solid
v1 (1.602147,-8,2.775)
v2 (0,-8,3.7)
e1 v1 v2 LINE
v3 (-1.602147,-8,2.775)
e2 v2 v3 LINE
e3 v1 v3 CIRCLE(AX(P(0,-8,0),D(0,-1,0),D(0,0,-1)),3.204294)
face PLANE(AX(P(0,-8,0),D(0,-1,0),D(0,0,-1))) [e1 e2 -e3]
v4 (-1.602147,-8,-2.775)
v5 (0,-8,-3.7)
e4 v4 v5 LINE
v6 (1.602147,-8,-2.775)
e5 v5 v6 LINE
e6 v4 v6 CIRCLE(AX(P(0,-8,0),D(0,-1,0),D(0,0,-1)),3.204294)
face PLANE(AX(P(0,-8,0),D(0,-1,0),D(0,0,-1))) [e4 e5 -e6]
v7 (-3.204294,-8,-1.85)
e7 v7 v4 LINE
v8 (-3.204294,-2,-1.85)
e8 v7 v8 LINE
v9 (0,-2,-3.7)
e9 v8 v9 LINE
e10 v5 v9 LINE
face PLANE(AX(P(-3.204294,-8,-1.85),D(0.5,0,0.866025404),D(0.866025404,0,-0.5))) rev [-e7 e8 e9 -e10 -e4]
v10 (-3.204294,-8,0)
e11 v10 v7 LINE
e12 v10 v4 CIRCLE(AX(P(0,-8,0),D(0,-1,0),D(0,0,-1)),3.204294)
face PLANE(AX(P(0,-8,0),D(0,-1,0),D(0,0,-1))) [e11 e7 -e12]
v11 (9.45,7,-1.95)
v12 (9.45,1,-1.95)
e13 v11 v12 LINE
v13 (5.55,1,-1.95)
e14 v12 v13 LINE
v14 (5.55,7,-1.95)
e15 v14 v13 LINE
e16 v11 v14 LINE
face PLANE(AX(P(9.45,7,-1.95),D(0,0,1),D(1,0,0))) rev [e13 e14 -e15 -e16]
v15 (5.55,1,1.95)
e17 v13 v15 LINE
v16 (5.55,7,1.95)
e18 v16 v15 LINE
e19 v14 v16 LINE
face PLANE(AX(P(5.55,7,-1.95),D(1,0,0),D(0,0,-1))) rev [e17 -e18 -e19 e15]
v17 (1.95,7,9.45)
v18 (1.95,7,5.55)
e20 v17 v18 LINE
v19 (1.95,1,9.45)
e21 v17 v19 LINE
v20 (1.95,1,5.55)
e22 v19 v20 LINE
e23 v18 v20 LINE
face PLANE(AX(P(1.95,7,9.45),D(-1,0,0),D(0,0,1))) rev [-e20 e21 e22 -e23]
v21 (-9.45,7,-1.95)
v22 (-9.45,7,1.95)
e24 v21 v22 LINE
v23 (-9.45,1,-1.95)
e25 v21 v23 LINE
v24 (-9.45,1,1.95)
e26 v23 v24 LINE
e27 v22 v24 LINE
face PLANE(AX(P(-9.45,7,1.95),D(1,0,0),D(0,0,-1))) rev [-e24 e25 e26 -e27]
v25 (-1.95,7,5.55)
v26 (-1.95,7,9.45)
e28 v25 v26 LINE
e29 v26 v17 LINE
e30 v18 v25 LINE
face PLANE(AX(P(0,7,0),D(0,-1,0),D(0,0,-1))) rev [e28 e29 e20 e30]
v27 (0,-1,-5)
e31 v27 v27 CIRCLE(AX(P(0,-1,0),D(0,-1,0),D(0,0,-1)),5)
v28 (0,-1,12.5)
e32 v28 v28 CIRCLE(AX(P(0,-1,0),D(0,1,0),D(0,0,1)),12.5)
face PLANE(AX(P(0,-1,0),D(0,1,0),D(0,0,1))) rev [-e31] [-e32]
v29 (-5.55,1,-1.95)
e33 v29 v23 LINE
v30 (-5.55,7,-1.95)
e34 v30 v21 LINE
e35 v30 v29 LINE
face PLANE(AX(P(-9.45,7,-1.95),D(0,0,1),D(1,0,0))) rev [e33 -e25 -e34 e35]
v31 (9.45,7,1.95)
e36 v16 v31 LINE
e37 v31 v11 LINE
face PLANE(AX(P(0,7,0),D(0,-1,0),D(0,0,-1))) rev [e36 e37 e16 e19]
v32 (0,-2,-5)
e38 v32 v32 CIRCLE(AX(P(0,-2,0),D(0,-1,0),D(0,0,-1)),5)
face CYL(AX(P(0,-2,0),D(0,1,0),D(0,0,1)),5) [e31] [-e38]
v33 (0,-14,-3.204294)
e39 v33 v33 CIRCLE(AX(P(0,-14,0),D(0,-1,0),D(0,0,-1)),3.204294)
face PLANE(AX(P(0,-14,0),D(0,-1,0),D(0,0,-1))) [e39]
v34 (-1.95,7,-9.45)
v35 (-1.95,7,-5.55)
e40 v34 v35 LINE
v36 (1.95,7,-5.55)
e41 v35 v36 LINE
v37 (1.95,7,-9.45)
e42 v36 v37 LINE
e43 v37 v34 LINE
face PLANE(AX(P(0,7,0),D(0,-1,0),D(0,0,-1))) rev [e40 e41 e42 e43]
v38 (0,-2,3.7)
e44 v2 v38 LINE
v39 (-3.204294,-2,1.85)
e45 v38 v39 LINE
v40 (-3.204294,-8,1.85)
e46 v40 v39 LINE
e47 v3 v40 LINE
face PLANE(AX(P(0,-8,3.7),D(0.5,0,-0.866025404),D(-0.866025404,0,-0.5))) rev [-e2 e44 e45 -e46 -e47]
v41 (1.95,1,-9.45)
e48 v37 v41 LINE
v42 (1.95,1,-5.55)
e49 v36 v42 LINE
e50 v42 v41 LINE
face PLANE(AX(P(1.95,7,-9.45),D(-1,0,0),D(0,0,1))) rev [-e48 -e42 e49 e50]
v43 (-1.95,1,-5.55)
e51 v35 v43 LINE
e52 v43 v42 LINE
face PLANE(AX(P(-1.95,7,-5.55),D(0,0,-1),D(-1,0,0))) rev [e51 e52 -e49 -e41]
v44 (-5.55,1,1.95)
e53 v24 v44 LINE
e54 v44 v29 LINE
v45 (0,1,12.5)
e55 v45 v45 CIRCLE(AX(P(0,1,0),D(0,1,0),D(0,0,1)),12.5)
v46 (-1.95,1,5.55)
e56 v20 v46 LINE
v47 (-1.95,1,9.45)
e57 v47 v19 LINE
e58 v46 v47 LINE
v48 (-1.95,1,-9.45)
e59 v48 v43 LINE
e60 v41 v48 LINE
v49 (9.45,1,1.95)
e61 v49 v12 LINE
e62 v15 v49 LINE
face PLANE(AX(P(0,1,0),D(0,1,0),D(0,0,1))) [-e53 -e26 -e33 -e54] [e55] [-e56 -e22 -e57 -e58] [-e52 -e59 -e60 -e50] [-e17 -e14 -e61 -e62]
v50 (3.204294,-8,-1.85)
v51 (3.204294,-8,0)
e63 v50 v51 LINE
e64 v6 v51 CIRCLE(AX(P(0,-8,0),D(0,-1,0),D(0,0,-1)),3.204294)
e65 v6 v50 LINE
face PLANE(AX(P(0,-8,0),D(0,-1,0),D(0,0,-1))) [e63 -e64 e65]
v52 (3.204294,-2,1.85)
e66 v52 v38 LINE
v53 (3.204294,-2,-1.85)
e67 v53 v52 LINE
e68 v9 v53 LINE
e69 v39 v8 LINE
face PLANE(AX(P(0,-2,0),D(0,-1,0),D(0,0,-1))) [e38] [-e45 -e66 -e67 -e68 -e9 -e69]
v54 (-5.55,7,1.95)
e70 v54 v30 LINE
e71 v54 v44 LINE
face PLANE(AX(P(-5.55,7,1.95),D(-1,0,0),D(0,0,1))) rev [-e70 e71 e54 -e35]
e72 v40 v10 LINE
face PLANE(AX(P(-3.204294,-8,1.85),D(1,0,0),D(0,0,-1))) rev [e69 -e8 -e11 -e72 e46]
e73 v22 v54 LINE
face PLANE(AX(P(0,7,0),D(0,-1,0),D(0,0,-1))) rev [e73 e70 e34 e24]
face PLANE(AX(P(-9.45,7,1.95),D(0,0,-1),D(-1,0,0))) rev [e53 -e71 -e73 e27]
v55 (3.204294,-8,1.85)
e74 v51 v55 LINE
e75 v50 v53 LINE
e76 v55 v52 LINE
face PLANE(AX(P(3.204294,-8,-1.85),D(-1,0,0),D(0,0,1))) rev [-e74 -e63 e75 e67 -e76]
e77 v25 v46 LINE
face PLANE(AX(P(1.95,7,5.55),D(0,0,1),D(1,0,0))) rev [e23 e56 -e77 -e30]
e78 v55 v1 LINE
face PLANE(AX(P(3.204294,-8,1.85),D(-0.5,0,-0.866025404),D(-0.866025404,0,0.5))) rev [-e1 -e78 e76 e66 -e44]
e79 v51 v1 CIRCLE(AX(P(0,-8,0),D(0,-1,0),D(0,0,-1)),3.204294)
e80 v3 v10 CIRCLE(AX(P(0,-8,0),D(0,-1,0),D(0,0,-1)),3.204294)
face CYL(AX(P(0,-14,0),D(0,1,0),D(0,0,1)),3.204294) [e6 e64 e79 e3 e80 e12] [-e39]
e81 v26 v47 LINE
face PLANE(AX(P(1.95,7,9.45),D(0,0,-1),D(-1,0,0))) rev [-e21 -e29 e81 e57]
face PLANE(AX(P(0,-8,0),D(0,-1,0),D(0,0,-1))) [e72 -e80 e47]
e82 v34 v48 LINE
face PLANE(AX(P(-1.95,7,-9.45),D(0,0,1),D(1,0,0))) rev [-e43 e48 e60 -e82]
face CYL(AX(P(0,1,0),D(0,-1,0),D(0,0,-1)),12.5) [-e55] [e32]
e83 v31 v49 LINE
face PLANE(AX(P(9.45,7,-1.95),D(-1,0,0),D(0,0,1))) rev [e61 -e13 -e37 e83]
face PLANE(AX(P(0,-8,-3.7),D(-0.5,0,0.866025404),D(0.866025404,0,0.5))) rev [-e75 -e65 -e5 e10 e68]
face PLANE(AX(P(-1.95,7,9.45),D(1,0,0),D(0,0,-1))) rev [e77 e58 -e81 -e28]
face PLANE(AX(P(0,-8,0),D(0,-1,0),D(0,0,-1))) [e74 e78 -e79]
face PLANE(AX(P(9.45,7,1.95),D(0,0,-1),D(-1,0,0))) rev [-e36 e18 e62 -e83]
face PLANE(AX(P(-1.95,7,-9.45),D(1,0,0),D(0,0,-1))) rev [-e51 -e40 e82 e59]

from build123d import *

# Parameters (mm, degrees)
SKETCH1_R           = 12.5
BOSS_EXTRUDE1_DEPTH = 1
SKETCH2_W           = 3.9
SKETCH2_H           = 3.9
BOSS_EXTRUDE3_DEPTH = 6
SKETCH3_R           = 5
BOSS_EXTRUDE4_DEPTH = 1
BOSS_EXTRUDE5_DEPTH = 6
SKETCH5_R           = 3.204293994
BOSS_EXTRUDE6_DEPTH = 6


with BuildPart() as part:
    # Sketch1 → Boss-Extrude1 (new body, symmetric)
    with BuildSketch(Plane(origin=(0, 0, 0), x_dir=(1, 0, 0), z_dir=(0, 1, 0))):
        Circle(SKETCH1_R)
    extrude(amount=BOSS_EXTRUDE1_DEPTH, both=True)

    # Sketch2 → Boss-Extrude3 (add)
    with BuildSketch(Plane(origin=(0, 1, 0), x_dir=(1, 0, 0), z_dir=(0, 1, 0))):
        with Locations((0, 7.5)):
            Rectangle(SKETCH2_W, SKETCH2_H)
        with Locations((7.5, 0)):
            Rectangle(SKETCH2_W, SKETCH2_H)
        with Locations((0, -7.5)):
            Rectangle(SKETCH2_W, SKETCH2_H)
        with Locations((-7.5, 0)):
            Rectangle(SKETCH2_W, SKETCH2_H)
    extrude(amount=BOSS_EXTRUDE3_DEPTH)

    # Sketch3 → Boss-Extrude4 (add)
    with BuildSketch(Plane.XZ.offset(1)):
        Circle(SKETCH3_R)
    extrude(amount=BOSS_EXTRUDE4_DEPTH)

    # Sketch4 → Boss-Extrude5 (add)
    with BuildSketch(Plane.XZ.offset(2)):
        Polygon((0, -3.7), (3.204293994, -1.85), (3.204293994, 1.85), (0, 3.7), (-3.204293994, 1.85), (-3.204293994, -1.85), align=None)
    extrude(amount=BOSS_EXTRUDE5_DEPTH)

    # Sketch5 → Boss-Extrude6 (add)
    with BuildSketch(Plane(origin=(0, -8, 0), x_dir=(-1, 0, 0), z_dir=(0, -1, 0))):
        Circle(SKETCH5_R)
    extrude(amount=BOSS_EXTRUDE6_DEPTH)


solid = part.part
